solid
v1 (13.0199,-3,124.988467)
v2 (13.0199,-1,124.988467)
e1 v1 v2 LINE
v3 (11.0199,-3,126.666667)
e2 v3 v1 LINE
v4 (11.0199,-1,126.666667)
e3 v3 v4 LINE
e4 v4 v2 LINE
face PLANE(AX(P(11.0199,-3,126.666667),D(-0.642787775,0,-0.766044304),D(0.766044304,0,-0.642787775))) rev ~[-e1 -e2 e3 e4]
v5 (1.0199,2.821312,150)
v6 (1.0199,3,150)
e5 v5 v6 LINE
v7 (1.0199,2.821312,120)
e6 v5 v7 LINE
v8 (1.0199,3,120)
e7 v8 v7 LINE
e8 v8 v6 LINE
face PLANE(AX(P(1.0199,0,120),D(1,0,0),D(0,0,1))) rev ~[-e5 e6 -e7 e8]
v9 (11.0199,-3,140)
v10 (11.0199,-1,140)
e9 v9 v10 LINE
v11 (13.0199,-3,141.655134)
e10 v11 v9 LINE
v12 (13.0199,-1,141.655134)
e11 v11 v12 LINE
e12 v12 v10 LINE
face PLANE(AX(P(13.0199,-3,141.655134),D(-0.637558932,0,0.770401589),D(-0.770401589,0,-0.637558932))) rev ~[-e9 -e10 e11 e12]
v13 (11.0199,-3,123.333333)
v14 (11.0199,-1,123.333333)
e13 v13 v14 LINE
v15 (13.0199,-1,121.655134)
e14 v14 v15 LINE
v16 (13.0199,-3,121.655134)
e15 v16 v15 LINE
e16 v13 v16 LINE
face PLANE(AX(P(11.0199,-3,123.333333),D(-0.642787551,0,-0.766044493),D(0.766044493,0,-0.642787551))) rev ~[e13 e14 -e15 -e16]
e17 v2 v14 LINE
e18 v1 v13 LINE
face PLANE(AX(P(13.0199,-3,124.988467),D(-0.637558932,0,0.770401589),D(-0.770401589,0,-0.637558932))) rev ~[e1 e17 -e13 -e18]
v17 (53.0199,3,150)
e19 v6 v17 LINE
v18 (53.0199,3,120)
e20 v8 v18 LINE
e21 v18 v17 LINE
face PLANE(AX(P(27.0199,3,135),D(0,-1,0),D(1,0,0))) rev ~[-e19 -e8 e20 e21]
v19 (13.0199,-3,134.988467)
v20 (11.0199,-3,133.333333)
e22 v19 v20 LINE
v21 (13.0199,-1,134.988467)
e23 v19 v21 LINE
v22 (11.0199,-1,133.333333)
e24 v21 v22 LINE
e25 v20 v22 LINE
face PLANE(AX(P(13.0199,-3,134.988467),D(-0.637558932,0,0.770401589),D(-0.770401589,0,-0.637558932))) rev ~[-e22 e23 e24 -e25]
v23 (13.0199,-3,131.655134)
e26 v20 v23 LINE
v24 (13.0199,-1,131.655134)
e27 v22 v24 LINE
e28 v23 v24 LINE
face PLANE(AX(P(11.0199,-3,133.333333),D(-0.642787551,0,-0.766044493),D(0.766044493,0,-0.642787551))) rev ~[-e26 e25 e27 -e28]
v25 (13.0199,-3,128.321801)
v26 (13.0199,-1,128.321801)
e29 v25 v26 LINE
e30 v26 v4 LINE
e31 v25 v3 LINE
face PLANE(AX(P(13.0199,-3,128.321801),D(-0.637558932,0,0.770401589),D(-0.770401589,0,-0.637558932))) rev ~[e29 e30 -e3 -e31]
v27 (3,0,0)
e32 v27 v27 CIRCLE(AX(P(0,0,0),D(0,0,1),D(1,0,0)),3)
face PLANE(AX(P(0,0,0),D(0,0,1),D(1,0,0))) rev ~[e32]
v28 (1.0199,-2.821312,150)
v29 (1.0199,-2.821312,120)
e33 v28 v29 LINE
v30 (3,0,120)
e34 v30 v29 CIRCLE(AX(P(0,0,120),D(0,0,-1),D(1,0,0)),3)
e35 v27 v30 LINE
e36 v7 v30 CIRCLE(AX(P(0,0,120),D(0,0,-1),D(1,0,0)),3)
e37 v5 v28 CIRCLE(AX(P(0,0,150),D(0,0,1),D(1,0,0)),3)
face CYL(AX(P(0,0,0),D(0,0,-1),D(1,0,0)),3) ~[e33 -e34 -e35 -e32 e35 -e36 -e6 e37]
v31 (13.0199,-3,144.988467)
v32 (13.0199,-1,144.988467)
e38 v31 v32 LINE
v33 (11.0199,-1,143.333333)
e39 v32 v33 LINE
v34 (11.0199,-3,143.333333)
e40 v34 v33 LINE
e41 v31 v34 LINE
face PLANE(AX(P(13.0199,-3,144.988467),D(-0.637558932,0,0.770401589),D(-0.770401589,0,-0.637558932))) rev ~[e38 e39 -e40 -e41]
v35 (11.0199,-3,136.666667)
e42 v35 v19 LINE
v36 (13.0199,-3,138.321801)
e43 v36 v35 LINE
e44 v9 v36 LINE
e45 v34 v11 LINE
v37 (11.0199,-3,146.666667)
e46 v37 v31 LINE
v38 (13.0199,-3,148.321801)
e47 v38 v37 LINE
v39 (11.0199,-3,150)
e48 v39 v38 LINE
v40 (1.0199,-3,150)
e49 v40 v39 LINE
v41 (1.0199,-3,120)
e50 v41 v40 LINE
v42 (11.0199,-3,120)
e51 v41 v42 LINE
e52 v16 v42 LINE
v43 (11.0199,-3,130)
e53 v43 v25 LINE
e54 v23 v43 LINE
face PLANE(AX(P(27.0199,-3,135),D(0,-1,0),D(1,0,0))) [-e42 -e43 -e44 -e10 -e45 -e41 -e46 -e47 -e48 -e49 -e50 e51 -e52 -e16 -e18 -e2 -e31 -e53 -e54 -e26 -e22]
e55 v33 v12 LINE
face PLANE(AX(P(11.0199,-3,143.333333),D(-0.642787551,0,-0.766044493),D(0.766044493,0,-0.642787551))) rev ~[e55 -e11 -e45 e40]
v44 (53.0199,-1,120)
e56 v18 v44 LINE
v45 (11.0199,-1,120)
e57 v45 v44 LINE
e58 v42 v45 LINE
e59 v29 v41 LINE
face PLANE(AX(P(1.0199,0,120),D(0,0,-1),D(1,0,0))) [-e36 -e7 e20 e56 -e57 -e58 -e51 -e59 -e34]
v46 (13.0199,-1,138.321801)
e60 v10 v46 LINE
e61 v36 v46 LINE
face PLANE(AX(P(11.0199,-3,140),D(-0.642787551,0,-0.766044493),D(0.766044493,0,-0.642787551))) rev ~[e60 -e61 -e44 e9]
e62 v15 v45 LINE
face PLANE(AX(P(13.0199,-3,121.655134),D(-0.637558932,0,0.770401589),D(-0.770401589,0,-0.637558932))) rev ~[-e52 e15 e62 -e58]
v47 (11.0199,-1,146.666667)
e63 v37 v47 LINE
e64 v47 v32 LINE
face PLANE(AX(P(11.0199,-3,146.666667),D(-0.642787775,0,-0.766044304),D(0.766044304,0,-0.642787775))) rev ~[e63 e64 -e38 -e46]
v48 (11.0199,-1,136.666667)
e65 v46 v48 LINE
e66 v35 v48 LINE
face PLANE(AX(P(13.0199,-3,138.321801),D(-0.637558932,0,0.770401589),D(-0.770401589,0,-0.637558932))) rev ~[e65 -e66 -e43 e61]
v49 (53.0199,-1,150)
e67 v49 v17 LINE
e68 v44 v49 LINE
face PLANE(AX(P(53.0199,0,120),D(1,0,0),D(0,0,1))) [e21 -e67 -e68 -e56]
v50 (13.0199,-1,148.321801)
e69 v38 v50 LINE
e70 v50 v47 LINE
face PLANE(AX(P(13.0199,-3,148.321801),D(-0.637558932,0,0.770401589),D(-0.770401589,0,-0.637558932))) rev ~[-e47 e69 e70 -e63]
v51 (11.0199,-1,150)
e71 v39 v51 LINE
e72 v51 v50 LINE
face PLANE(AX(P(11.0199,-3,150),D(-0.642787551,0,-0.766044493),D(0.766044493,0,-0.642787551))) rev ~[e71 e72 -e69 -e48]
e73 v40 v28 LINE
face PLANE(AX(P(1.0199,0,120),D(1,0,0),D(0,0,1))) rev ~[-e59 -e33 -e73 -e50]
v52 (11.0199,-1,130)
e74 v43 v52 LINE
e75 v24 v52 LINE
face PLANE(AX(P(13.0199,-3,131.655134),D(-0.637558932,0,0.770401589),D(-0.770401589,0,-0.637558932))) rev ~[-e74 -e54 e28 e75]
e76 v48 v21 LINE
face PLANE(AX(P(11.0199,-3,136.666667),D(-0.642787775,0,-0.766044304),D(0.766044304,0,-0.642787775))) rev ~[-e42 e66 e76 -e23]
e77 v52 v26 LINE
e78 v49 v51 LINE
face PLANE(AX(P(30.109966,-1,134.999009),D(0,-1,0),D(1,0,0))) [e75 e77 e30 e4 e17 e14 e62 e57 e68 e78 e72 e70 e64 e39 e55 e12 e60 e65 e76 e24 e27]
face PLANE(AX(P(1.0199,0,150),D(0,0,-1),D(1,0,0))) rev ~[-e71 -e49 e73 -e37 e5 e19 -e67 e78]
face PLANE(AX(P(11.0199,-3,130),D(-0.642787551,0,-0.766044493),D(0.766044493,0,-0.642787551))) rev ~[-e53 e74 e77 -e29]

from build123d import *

# Parameters (mm, degrees)
F0_R     = 3
F1_DEPTH = 150
F2_W     = 52
F2_H     = 30
F3_DEPTH = 3
F5_DEPTH = 2


with BuildPart() as f1:
    # F0 (on Top) → F1 (new body)
    with BuildSketch(Plane.XY):
        Circle(F0_R)
    extrude(amount=F1_DEPTH)

    # F2 (on Front) → F3 (join, symmetric)
    with BuildSketch(Plane.XZ):
        with Locations((27.0199, 135)):
            Rectangle(F2_W, F2_H)
    extrude(amount=F3_DEPTH, both=True)

    # F4 (on face) → F5 (cut)
    with BuildSketch(Plane.XZ.offset(3)):
        Polygon((11.0199, 120), (53.0199, 120), (53.0199, 150), (11.0199, 150), (13.0199, 148.321801), (11.0199, 146.666667), (13.0199, 144.988467), (11.0199, 143.333333), (13.0199, 141.655134), (11.0199, 140), (13.0199, 138.321801), (11.0199, 136.666667), (13.0199, 134.988467), (11.0199, 133.333333), (13.0199, 131.655134), (11.0199, 130), (13.0199, 128.321801), (11.0199, 126.666667), (13.0199, 124.988467), (11.0199, 123.333333), (13.0199, 121.655134), align=None)
    extrude(amount=-F5_DEPTH, mode=Mode.SUBTRACT)


solid = f1.part
